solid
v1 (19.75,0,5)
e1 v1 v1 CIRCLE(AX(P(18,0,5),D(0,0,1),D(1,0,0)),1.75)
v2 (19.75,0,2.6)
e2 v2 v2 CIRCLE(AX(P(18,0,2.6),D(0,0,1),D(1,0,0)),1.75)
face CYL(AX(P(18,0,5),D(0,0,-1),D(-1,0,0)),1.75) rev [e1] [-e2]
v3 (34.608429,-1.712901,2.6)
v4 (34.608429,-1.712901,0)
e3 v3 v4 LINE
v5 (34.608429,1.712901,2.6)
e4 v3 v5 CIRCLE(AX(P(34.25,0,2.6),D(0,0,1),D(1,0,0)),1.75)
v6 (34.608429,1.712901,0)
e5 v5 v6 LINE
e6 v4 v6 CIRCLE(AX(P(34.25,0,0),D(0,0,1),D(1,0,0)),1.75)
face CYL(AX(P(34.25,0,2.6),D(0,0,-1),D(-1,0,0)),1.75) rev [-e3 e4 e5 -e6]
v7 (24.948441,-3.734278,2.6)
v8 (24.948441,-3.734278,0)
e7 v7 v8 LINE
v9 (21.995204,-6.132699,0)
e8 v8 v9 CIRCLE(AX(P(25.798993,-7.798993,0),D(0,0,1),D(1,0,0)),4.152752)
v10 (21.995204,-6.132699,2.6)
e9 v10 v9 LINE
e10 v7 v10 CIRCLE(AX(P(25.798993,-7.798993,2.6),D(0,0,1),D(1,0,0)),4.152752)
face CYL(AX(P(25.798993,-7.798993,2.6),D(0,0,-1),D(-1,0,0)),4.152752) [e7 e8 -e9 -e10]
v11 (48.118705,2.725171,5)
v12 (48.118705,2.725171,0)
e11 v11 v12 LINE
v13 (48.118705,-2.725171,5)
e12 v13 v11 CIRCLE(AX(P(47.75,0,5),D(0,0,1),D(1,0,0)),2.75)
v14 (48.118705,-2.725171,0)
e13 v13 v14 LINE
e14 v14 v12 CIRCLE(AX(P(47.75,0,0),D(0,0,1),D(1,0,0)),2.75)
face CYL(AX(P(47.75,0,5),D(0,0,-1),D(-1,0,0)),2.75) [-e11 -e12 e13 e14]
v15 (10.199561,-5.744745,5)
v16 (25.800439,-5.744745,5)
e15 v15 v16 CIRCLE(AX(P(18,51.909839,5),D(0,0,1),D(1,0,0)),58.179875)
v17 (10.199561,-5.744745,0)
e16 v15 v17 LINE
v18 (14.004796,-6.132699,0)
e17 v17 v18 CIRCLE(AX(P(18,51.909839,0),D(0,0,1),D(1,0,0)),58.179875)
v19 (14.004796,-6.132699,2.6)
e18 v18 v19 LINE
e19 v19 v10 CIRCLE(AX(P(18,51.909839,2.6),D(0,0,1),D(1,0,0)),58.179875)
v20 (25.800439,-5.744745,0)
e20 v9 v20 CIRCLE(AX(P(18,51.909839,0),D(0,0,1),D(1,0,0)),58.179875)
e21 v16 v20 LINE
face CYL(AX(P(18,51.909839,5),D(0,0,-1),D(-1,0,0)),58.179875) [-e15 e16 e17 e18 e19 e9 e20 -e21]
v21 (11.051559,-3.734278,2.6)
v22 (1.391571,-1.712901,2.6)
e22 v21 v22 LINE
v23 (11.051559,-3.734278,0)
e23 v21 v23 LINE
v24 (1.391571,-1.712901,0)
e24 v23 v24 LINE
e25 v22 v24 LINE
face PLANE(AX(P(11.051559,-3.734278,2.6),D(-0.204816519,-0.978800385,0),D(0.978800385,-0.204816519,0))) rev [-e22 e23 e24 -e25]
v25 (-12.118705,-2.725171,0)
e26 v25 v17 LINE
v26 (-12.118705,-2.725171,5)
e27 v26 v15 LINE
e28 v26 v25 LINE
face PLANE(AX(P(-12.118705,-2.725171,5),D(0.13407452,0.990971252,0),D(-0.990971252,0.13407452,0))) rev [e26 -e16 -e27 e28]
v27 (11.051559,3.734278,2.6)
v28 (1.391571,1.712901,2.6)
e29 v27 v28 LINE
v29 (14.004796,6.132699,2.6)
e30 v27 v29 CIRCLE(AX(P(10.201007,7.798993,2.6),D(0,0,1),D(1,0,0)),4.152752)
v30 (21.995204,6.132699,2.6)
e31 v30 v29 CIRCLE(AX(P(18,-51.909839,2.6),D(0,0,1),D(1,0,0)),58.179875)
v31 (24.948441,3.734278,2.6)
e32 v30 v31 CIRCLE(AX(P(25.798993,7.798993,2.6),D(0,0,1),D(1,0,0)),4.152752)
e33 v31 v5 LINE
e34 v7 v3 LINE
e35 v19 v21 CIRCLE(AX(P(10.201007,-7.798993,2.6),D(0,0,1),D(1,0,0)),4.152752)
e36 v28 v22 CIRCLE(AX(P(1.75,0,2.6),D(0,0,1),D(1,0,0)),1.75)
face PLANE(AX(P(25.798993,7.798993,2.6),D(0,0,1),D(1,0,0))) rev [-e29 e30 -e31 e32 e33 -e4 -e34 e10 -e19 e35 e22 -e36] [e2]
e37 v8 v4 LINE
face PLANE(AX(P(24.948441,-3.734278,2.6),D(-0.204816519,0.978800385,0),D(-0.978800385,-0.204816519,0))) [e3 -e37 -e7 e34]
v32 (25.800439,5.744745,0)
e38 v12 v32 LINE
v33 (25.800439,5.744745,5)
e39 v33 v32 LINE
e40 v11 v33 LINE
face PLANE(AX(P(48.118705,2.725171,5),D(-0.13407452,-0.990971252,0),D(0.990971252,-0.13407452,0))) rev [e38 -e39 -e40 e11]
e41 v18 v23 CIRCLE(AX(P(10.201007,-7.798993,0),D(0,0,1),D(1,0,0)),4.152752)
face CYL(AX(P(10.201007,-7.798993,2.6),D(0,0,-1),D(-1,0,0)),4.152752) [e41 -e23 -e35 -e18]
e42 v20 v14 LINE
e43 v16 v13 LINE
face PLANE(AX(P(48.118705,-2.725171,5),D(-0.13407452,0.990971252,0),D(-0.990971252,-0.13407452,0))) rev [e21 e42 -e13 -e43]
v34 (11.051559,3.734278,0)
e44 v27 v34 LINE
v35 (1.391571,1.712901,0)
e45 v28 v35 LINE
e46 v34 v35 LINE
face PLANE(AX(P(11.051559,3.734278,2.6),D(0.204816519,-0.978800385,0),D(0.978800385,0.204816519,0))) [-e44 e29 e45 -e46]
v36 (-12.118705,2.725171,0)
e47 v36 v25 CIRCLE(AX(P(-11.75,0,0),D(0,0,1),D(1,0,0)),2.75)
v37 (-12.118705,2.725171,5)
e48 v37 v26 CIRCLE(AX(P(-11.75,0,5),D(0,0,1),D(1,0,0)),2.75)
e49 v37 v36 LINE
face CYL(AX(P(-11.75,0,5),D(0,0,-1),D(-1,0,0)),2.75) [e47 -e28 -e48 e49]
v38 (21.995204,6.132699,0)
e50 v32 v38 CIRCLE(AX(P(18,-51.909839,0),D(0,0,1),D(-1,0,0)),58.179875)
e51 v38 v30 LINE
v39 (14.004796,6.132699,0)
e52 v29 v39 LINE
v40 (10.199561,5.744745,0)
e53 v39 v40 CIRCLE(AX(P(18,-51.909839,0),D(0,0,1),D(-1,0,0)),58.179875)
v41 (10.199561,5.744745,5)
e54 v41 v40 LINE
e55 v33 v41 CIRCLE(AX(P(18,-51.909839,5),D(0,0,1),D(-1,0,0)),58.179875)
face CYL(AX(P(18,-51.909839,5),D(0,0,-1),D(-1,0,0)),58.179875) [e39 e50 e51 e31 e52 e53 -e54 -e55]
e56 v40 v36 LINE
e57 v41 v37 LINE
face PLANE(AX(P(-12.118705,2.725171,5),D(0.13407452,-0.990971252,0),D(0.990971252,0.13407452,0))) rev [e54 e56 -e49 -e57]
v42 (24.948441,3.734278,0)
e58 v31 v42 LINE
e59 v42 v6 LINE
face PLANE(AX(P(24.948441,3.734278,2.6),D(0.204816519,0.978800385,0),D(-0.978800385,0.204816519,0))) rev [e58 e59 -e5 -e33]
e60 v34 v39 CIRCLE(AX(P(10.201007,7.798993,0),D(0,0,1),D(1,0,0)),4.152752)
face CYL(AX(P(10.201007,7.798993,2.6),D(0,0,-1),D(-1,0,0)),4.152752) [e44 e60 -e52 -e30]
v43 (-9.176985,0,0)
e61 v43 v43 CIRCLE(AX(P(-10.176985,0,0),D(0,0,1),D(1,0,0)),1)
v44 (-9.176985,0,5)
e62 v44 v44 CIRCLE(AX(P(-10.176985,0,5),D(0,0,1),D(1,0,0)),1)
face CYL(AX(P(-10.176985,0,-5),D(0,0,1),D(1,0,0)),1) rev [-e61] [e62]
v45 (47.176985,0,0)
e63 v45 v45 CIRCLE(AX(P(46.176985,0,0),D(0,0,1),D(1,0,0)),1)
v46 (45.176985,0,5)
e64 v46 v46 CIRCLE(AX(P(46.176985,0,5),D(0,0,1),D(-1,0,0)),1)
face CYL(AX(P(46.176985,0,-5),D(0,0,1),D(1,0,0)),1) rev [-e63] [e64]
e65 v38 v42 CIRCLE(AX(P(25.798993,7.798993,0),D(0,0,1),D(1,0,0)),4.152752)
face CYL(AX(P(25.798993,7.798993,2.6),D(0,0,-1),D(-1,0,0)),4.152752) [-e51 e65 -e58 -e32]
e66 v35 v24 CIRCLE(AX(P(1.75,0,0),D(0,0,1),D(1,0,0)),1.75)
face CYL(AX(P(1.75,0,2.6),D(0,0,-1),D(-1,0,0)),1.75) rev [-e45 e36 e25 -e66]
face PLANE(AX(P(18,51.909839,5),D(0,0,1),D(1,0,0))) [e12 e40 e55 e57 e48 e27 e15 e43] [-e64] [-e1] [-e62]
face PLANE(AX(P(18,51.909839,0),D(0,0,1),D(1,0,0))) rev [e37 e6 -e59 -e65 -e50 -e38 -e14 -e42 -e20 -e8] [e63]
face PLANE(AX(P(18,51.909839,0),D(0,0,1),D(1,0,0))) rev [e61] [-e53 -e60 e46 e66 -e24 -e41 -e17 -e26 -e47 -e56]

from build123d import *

# Parameters (mm, degrees)
SCHIZZO5_R                   = 1.75
ESTRUSIONE_ESTRUSIONE3_DEPTH = 5
SCHIZZO1_R                   = 1.75
TAGLIO_ESTRUSIONE3_DEPTH     = 2.6
SCHIZZO6_R                   = 1
TAGLIO_ESTRUSIONE4_DEPTH     = 10


with BuildPart() as part:
    # Schizzo5 → Estrusione-Estrusione3 (new body)
    with BuildSketch(Plane.XY):
        with BuildLine():
            Line((-12.11870493, -2.725170944), (10.199561172, -5.744744727))
            ThreePointArc((10.199561172, -5.744744727), (18, -6.270036134), (25.800438828, -5.744744727))
            Line((25.800438828, -5.744744727), (48.11870493, -2.725170944))
            ThreePointArc((48.11870493, -2.725170944), (50.5, 0), (48.11870493, 2.725170944))
            Line((48.11870493, 2.725170944), (25.800438828, 5.744744727))
            ThreePointArc((25.800438828, 5.744744727), (18, 6.270036134), (10.199561172, 5.744744727))
            Line((10.199561172, 5.744744727), (-12.11870493, 2.725170944))
            ThreePointArc((-12.11870493, 2.725170944), (-14.5, 0), (-12.11870493, -2.725170944))
        make_face()
        with Locations((18, 0)):
            Circle(SCHIZZO5_R, mode=Mode.SUBTRACT)
    extrude(amount=ESTRUSIONE_ESTRUSIONE3_DEPTH)

    # Schizzo1 → Taglio-Estrusione3 (cut)
    with BuildSketch(Plane.XY):
        with BuildLine():
            Line((24.948441202, 3.734278154), (34.608428908, 1.712900674))
            ThreePointArc((34.608428908, 1.712900674), (36, 0), (34.608428908, -1.712900674))
            Line((34.608428908, -1.712900674), (24.948441202, -3.734278154))
            ThreePointArc((24.948441202, -3.734278154), (22.862554311, -4.862554311), (21.734278154, -6.948441202))
            Line((21.734278154, -6.948441202), (19.712900674, -16.608428908))
            ThreePointArc((19.712900674, -16.608428908), (18, -18), (16.287099326, -16.608428908))
            Line((16.287099326, -16.608428908), (14.265721846, -6.948441202))
            ThreePointArc((14.265721846, -6.948441202), (13.137445689, -4.862554311), (11.051558798, -3.734278154))
            Line((11.051558798, -3.734278154), (1.391571092, -1.712900674))
            ThreePointArc((1.391571092, -1.712900674), (0, 0), (1.391571092, 1.712900674))
            Line((1.391571092, 1.712900674), (11.051558798, 3.734278154))
            ThreePointArc((11.051558798, 3.734278154), (13.137445689, 4.862554311), (14.265721846, 6.948441202))
            Line((14.265721846, 6.948441202), (16.287099326, 16.608428908))
            ThreePointArc((16.287099326, 16.608428908), (18, 18), (19.712900674, 16.608428908))
            Line((19.712900674, 16.608428908), (21.734278154, 6.948441202))
            ThreePointArc((21.734278154, 6.948441202), (22.862554311, 4.862554311), (24.948441202, 3.734278154))
        make_face()
        with Locations((18, 0)):
            Circle(SCHIZZO1_R, mode=Mode.SUBTRACT)
    extrude(amount=TAGLIO_ESTRUSIONE3_DEPTH, mode=Mode.SUBTRACT)

    # Schizzo6 → Taglio-Estrusione4 (cut)
    with BuildSketch(Plane.XY.offset(5)):
        with Locations((-10.176984684, 0)):
            Circle(SCHIZZO6_R)
        with Locations((46.176984684, 0)):
            Circle(SCHIZZO6_R)
    extrude(amount=-TAGLIO_ESTRUSIONE4_DEPTH, mode=Mode.SUBTRACT)


solid = part.part
